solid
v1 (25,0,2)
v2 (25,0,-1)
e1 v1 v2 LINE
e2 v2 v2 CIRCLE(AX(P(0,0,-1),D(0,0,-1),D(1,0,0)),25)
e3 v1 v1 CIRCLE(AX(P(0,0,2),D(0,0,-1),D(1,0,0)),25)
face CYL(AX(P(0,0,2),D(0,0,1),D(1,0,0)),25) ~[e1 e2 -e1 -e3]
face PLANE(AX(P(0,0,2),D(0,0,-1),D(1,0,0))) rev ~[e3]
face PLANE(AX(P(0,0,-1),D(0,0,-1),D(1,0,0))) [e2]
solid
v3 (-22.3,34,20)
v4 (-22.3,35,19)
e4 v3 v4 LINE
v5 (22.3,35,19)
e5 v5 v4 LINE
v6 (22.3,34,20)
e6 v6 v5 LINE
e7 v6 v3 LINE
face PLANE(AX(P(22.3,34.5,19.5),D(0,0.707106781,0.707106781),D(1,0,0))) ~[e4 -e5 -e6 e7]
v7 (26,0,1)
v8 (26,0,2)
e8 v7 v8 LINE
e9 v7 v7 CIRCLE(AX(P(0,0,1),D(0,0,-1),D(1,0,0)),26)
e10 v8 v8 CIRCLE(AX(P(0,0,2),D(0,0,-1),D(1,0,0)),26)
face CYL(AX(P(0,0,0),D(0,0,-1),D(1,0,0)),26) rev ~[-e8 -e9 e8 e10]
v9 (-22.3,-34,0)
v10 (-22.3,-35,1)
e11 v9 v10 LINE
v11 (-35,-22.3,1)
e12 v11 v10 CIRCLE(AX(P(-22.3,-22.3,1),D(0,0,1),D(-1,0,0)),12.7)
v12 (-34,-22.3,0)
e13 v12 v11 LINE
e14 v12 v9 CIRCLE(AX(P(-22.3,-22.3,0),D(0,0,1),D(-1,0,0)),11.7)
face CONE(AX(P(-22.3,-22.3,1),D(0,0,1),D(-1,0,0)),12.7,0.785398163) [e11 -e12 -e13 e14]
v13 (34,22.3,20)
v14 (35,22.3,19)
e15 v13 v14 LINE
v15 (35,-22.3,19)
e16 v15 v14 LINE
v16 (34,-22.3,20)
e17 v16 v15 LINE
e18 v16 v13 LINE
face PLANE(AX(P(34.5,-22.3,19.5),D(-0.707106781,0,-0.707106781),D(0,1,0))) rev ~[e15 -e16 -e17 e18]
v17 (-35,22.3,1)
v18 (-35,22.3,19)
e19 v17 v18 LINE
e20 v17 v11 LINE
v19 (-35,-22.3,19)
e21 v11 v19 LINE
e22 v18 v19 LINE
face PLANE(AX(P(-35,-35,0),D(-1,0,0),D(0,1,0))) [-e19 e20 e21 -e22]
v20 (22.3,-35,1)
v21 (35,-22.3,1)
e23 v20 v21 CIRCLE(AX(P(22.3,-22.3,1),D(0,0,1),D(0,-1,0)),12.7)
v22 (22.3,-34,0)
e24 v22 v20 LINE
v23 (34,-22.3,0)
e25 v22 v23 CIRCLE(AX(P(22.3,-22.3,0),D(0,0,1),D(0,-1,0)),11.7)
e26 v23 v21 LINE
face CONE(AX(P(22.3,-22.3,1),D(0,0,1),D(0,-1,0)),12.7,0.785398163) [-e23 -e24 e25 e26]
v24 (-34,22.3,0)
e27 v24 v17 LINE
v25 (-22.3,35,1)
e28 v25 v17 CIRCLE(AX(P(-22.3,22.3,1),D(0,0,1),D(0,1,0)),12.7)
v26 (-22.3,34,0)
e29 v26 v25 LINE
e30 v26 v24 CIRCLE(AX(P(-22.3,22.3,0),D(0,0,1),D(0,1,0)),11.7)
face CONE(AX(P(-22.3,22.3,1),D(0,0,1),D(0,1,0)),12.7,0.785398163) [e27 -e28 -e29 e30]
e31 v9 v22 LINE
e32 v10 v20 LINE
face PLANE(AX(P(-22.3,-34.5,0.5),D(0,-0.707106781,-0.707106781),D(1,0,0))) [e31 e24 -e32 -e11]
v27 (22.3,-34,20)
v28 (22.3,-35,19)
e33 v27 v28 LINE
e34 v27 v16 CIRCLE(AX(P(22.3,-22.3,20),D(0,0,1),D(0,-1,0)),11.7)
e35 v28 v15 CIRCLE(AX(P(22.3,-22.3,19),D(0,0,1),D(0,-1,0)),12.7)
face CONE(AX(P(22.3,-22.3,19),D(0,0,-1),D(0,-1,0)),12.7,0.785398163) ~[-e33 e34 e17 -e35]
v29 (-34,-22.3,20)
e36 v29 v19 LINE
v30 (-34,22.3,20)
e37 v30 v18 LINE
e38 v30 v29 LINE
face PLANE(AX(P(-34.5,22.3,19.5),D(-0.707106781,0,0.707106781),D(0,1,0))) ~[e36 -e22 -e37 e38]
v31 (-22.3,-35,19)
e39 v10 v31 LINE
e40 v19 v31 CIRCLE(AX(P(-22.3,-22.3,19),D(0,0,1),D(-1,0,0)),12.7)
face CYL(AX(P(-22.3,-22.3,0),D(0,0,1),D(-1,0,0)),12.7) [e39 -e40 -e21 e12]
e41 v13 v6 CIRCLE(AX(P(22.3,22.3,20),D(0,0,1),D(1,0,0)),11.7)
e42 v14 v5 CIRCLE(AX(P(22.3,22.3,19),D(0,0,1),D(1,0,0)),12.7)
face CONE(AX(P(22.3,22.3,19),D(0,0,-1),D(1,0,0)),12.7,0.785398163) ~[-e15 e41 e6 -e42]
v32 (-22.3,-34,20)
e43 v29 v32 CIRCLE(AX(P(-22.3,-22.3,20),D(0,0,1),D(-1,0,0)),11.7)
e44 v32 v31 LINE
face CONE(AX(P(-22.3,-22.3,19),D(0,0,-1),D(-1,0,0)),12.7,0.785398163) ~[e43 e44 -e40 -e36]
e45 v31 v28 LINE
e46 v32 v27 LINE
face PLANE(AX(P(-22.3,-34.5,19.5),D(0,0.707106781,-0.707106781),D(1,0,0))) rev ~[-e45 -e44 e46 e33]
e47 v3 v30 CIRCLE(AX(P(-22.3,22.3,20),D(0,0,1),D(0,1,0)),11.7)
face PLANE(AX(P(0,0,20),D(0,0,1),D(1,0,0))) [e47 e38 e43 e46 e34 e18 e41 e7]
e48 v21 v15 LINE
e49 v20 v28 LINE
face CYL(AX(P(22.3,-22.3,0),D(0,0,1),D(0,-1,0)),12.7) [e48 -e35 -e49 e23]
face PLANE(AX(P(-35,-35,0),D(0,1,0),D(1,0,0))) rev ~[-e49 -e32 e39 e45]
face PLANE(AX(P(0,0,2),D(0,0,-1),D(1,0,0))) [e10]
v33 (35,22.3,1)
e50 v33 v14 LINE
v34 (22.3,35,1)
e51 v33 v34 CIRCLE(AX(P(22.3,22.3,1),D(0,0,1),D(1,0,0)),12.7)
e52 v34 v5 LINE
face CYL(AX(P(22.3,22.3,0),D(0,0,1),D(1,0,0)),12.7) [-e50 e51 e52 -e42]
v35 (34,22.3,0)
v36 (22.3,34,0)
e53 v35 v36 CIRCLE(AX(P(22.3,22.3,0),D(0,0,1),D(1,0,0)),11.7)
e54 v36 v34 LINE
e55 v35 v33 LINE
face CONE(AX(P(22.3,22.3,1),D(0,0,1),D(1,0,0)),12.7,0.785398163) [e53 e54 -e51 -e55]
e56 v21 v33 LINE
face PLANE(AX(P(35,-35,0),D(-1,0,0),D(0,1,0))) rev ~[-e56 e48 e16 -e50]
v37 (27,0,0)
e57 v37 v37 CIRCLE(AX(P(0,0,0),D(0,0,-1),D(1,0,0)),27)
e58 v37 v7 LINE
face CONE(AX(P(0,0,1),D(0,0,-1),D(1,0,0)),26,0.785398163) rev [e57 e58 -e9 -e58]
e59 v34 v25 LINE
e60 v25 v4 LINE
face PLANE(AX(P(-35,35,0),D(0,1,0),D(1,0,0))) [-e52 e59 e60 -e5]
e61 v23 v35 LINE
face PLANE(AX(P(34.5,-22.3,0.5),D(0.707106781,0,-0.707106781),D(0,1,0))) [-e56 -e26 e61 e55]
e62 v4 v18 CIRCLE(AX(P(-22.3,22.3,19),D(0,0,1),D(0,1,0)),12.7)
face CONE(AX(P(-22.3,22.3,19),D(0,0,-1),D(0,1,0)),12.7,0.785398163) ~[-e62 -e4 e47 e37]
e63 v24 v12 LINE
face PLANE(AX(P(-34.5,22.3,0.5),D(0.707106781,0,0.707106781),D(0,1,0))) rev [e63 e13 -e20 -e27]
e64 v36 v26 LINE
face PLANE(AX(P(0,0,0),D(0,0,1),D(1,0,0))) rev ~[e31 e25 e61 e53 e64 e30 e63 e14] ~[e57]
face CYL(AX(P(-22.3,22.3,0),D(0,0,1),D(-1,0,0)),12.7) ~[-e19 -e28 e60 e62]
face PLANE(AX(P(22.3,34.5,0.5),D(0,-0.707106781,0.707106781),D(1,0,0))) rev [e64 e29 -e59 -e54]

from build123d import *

# Parameters (mm, degrees)
F0_W     = 70
F0_H     = 70
F1_DEPTH = 20
F2_R     = 12.7
F3_R     = 26
F3_R_2   = 25
F4_DEPTH = 2
F5_R     = 25
F6_DEPTH = 3
F7_SIZE  = 1


with BuildPart() as f1:
    # F0 (on Top) → F1 (new body)
    with BuildSketch(Plane.XY):
        Rectangle(F0_W, F0_H)
    extrude(amount=F1_DEPTH)

    # F2
    f2_edges = [f1.edges().sort_by_distance(p)[0] for p in [
        (35, -35, 10),
        (-35, -35, 10),
        (35, 35, 10),
        (-35, 35, 10),
    ]]
    fillet(f2_edges, radius=F2_R)

    # F3 (on face) → F4 (cut)
    with BuildSketch(Plane(origin=(0, 0, 0), x_dir=(1, 0, 0), z_dir=(0, 0, -1))):
        Circle(F3_R)
        Circle(F3_R_2, mode=Mode.SUBTRACT)
        Circle(F3_R_2)
    extrude(amount=-F4_DEPTH, mode=Mode.SUBTRACT)

    # F7
    f7_edges = [f1.edges().sort_by_distance(p)[0] for p in [
        (0, -35, 20),
        (-31.280256, -31.280256, 20),
        (31.280256, -31.280256, 20),
        (-35, 0, 20),
        (35, 0, 20),
        (-31.280256, 31.280256, 20),
        (31.280256, 31.280256, 20),
        (0, 35, 20),
        (0, -35, 0),
        (-31.280256, -31.280256, 0),
        (31.280256, -31.280256, 0),
        (-35, 0, 0),
        (35, 0, 0),
        (-31.280256, 31.280256, 0),
        (31.280256, 31.280256, 0),
        (0, 35, 0),
        (-26, 0, 0),
    ]]
    chamfer(f7_edges, length=F7_SIZE)


with BuildPart() as f6:
    # F5 (on face) → F6 (new body)
    with BuildSketch(Plane(origin=(0, 0, 2), x_dir=(1, 0, 0), z_dir=(0, 0, -1))):
        Circle(F5_R)
    extrude(amount=F6_DEPTH)


solid = Compound([f1.part, f6.part])
